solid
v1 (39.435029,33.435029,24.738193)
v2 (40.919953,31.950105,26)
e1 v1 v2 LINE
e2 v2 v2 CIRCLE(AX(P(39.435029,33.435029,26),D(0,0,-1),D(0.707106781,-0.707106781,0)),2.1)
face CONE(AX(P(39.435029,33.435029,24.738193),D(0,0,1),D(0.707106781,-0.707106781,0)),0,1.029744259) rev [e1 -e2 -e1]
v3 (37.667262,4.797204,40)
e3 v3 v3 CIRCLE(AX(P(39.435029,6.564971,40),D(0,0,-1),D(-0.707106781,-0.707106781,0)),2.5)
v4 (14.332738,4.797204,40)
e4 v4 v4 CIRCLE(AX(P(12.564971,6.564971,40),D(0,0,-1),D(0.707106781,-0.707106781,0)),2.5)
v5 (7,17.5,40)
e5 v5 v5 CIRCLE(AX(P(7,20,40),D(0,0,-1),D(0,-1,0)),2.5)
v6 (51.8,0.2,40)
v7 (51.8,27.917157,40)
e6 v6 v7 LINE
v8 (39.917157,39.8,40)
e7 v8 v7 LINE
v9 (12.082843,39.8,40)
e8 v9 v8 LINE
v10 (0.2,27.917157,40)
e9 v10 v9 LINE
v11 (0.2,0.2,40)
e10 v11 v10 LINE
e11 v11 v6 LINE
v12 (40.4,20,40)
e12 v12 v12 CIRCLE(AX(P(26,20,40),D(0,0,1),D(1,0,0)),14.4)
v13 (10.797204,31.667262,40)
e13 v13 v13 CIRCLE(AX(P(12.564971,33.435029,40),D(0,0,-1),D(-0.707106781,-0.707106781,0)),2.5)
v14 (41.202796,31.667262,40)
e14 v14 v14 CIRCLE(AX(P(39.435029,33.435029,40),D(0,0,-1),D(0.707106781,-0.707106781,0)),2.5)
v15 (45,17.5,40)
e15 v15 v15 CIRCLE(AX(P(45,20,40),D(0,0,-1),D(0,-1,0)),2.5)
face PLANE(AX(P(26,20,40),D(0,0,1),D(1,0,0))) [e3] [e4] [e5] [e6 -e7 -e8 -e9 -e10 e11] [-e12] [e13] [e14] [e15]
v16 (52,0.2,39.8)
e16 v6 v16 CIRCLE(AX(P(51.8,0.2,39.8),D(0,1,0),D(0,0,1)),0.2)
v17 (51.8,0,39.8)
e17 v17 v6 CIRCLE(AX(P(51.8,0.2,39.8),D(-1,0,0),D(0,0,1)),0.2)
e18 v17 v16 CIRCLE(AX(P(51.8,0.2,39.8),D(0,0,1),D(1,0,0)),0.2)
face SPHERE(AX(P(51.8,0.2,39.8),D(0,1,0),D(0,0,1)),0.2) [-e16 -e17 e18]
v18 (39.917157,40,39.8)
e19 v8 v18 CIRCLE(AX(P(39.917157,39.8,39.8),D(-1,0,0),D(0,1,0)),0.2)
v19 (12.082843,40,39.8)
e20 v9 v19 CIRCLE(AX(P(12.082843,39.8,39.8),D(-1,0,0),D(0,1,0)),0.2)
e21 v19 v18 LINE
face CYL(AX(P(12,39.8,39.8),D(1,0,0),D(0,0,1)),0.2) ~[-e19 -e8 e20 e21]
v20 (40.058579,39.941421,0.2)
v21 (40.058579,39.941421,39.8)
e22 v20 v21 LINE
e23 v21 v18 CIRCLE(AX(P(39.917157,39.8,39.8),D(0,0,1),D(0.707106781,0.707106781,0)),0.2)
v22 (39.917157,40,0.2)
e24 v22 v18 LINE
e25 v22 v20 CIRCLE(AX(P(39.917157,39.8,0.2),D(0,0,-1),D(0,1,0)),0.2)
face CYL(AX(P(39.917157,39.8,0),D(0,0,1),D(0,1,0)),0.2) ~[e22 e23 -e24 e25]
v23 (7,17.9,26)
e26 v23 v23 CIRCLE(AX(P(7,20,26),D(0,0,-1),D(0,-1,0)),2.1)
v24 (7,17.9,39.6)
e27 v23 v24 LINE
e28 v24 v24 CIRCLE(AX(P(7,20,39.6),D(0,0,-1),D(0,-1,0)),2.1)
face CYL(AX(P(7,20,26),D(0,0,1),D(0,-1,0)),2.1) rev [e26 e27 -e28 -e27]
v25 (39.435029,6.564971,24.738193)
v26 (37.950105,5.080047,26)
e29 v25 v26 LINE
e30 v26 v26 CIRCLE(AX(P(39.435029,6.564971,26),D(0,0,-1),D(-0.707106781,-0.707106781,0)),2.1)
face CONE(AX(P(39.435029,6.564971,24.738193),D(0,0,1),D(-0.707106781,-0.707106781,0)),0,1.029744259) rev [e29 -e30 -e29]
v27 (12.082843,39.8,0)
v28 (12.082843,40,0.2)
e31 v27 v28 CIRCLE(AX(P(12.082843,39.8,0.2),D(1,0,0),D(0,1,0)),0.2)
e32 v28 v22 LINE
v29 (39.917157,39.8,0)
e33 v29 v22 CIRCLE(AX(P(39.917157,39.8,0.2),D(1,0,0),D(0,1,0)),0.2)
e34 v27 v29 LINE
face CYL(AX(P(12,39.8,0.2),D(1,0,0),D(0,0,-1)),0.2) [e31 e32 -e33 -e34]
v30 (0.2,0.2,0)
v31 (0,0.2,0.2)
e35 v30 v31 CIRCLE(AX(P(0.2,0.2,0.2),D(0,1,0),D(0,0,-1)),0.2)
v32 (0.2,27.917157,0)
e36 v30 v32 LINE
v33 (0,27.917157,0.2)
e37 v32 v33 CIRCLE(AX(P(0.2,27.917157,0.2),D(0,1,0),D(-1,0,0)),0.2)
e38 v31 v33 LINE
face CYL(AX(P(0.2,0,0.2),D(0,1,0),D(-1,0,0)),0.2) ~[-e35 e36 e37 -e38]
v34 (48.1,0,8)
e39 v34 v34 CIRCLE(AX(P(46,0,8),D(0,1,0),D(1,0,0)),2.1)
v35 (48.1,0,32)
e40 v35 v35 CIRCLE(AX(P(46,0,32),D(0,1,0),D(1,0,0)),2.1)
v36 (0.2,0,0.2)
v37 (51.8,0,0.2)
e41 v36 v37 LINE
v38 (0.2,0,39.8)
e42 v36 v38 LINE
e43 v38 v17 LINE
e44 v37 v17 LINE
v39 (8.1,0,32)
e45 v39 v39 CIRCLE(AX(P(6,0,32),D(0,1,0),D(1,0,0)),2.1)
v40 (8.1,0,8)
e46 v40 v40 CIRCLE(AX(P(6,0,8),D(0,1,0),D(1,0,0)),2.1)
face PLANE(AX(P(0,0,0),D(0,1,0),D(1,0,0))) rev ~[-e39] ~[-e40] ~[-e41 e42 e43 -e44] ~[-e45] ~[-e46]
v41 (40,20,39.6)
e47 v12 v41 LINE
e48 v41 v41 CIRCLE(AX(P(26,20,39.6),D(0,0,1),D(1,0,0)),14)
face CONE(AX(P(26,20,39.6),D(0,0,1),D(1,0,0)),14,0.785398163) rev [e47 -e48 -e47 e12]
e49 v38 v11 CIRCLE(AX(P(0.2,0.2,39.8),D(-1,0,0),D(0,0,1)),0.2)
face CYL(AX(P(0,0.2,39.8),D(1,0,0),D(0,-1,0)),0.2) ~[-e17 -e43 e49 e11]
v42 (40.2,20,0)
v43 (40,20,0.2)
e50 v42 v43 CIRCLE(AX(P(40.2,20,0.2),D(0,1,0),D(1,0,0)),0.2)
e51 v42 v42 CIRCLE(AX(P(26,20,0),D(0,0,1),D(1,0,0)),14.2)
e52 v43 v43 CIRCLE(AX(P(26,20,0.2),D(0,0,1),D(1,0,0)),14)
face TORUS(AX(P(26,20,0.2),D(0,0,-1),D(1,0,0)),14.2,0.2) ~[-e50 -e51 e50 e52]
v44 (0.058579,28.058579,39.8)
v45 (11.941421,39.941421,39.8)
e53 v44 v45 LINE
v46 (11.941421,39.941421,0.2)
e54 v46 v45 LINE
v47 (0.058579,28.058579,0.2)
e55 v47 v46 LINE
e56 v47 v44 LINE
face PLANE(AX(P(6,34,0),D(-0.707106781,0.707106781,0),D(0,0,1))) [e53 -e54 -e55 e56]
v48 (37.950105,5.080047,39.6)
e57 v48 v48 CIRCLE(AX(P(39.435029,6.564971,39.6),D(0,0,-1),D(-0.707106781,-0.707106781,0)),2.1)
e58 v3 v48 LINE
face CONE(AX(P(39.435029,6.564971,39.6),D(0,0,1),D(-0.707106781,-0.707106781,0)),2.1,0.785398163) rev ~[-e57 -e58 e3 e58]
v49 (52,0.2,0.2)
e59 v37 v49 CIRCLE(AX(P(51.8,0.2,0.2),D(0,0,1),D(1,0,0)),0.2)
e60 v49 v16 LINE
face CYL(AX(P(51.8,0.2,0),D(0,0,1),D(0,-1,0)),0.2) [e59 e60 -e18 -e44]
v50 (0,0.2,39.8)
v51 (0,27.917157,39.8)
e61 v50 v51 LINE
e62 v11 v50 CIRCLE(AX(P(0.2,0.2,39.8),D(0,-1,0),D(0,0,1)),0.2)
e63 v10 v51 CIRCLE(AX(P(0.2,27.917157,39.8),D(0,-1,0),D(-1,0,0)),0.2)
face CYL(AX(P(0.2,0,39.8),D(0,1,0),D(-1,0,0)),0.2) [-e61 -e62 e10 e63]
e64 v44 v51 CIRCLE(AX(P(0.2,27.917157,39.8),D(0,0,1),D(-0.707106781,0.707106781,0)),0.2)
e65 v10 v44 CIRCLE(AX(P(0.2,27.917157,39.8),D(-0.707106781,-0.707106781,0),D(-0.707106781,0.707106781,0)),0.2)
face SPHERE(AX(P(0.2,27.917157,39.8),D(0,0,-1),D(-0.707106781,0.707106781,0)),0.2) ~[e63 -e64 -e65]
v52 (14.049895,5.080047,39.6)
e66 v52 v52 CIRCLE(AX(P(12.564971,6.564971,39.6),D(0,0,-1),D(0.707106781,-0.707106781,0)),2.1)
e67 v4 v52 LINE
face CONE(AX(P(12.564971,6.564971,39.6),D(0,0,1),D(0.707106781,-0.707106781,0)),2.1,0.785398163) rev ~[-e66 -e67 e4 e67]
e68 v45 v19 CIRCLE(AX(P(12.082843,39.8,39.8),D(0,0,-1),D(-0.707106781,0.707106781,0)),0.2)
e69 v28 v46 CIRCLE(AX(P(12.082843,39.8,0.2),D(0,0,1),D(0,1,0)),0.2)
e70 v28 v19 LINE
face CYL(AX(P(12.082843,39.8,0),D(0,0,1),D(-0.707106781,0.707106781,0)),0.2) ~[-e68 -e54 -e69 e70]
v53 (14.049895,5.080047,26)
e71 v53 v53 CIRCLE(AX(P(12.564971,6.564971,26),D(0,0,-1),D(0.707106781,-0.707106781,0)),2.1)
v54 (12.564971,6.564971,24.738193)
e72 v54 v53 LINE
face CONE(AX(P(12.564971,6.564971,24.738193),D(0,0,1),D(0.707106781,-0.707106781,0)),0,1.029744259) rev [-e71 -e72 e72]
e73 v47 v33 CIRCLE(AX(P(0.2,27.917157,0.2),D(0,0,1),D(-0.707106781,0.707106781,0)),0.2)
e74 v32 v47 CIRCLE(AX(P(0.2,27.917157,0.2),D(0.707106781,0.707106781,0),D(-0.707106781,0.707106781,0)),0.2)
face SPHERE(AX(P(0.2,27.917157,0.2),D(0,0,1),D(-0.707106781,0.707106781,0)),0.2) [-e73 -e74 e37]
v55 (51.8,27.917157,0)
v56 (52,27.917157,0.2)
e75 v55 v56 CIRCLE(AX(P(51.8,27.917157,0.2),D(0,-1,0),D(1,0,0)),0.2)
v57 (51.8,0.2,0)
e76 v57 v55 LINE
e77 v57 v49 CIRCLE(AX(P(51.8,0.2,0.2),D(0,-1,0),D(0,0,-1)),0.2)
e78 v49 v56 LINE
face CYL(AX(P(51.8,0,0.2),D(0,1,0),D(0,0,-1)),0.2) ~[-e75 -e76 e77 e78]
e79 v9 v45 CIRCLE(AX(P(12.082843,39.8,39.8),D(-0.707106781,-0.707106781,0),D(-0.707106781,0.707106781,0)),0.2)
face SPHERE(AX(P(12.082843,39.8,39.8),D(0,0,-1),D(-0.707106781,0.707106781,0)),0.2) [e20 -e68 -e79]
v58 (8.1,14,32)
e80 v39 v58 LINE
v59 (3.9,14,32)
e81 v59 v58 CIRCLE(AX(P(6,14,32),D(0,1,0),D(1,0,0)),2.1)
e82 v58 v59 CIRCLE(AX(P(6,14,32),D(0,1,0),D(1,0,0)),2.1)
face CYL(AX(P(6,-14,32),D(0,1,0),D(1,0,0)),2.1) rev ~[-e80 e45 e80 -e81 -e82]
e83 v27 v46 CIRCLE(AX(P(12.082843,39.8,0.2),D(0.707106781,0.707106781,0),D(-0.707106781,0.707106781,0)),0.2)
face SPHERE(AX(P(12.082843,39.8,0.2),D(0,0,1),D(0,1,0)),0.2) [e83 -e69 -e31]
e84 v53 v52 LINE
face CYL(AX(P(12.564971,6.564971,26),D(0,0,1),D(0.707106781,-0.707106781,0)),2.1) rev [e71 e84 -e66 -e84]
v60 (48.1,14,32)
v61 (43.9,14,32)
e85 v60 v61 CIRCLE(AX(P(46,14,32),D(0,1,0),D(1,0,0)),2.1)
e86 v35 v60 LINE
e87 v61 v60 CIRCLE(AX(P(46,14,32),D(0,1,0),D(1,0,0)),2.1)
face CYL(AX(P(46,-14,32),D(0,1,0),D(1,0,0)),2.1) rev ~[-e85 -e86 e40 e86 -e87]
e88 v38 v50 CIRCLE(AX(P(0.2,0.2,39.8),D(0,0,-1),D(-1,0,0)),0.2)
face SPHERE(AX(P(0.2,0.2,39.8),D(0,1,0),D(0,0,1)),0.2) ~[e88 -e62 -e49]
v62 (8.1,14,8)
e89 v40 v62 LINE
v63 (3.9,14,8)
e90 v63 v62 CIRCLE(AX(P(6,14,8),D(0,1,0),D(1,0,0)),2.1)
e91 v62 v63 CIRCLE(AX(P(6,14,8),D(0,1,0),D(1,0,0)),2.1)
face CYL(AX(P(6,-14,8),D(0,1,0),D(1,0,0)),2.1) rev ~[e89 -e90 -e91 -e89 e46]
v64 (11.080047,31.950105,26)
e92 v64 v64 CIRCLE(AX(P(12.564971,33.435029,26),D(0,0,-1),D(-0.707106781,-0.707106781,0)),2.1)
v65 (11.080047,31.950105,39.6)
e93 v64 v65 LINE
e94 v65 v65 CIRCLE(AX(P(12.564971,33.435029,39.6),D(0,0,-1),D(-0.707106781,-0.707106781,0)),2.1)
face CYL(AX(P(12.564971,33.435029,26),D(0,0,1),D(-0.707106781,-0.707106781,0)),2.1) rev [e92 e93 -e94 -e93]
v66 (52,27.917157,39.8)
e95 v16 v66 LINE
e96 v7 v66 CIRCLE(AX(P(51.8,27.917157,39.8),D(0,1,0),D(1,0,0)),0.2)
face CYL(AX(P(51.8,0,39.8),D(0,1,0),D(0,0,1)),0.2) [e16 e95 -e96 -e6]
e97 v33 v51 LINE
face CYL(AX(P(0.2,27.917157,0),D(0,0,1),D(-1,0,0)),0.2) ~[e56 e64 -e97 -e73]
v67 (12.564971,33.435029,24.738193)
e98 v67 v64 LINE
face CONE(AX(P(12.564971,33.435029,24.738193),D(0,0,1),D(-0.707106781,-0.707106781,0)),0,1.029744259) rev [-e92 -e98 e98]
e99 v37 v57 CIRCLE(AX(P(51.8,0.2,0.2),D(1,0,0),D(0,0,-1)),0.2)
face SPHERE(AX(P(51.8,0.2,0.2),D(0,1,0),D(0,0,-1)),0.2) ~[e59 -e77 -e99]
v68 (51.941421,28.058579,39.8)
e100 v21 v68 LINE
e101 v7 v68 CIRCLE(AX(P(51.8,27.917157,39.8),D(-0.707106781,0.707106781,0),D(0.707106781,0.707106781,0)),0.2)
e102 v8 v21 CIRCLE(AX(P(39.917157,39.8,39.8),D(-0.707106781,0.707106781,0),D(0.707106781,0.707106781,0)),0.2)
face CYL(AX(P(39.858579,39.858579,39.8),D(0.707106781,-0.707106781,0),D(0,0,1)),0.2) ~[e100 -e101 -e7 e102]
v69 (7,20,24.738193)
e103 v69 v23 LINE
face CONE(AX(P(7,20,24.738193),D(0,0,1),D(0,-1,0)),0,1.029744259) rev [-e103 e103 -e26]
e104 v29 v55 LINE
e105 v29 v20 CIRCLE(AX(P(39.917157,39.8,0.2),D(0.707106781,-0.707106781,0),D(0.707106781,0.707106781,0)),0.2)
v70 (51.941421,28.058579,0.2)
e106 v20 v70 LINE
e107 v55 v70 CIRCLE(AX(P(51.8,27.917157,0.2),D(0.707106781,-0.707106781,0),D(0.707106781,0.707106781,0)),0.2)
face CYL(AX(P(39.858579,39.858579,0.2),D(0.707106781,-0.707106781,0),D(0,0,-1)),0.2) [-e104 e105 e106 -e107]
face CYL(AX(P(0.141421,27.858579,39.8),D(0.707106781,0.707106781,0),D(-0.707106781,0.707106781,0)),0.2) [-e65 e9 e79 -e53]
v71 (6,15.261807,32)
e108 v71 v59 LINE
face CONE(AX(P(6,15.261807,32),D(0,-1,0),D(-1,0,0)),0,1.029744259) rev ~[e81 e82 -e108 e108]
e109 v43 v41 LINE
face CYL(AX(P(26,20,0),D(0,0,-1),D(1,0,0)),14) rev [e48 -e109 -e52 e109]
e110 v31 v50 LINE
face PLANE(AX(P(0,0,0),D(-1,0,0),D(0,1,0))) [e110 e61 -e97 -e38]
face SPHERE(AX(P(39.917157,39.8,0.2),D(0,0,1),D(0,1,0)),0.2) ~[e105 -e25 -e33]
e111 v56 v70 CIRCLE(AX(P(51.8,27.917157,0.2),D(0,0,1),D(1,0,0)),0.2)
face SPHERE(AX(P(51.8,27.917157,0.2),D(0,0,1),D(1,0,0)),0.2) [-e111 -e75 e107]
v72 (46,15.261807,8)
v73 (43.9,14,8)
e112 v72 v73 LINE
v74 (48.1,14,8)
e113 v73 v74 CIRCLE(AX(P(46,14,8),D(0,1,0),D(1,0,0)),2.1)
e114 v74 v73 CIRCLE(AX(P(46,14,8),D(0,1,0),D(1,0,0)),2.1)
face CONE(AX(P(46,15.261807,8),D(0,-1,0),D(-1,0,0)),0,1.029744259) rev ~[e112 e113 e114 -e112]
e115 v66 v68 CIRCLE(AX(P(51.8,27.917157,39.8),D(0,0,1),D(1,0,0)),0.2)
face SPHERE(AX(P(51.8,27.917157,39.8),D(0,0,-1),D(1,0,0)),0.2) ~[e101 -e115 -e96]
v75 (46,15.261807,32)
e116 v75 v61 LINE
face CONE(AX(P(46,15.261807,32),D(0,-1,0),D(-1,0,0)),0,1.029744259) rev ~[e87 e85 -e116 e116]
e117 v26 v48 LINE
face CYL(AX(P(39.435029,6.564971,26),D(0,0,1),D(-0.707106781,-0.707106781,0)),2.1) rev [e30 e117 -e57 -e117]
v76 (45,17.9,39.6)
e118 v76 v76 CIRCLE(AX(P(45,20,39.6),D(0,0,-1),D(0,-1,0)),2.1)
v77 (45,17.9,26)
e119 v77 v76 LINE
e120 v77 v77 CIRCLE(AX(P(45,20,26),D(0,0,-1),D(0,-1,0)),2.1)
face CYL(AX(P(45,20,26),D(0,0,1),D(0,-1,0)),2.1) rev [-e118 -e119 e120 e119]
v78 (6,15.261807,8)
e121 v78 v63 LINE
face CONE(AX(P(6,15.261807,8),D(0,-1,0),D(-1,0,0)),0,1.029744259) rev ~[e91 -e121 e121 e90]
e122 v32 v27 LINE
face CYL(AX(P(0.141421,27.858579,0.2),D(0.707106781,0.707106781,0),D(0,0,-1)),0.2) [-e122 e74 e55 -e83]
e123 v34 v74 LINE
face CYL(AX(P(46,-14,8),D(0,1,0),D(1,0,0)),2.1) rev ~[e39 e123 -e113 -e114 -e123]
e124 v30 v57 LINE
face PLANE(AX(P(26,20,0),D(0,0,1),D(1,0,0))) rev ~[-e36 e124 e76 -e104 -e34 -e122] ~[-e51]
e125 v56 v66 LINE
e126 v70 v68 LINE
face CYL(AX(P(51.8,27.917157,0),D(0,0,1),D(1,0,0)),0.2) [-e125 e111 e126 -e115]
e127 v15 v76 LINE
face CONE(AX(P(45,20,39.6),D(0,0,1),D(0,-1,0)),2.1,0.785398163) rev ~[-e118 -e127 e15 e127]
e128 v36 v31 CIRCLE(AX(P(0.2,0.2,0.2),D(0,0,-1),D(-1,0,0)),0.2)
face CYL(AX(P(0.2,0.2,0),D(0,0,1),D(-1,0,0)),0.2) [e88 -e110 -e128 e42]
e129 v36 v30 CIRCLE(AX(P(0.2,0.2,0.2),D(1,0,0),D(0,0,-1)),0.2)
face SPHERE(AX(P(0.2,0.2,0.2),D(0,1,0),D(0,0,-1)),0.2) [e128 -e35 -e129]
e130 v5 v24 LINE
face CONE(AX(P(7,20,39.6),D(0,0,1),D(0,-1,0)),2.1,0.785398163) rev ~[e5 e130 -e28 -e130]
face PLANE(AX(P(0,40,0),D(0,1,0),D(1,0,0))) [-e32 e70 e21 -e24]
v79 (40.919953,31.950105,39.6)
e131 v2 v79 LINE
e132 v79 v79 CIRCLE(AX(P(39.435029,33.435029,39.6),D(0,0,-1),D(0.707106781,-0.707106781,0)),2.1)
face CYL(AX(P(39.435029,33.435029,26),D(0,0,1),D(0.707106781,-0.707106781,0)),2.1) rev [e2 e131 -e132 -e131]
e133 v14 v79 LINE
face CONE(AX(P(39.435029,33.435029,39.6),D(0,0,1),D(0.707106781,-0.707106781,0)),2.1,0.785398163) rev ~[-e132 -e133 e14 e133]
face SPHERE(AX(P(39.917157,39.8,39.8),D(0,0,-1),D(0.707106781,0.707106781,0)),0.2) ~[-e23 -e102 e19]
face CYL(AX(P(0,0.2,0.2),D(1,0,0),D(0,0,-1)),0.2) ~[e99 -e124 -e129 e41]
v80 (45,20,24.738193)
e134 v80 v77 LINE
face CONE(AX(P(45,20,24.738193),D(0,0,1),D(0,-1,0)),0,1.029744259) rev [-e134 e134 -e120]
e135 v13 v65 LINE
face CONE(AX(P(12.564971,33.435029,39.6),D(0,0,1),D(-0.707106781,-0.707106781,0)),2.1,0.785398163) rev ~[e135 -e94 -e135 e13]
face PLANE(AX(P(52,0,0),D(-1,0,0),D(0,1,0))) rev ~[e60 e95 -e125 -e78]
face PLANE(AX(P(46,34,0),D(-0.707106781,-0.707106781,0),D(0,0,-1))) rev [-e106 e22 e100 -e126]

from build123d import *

# Parameters (mm, degrees)
ESQUISSE1_W                  = 52
ESQUISSE1_H                  = 40
ESQUISSE1_R                  = 14
BOSS_EXTRU_1_DEPTH           = 40
CHANFREIN1_SIZE              = 12
TROU_TARAUD_M51_AT_2_COUNT   = 2
TROU_TARAUD_M51_AT_2_PITCH   = 38
R_P_TITION_CIRCULAIRE1_COUNT = 2
R_P_TITION_CIRCULAIRE1_ANGLE = 45
R_P_TITION_CIRCULAIRE2_COUNT = 2
R_P_TITION_CIRCULAIRE2_ANGLE = 315
TROU_TARAUD_M52_D            = 4.2
TROU_TARAUD_M52_DEPTH        = 14
TROU_TARAUD_M52_TIP          = 1.2618073
CONG_1_R                     = 0.2
CHANFREIN2_SIZE              = 0.4


with BuildPart() as part:
    # Esquisse1 → Boss.-Extru.1 (new body)
    with BuildSketch(Plane.XY):
        with Locations((26, 20)):
            Rectangle(ESQUISSE1_W, ESQUISSE1_H)
        with Locations((26, 20)):
            Circle(ESQUISSE1_R, mode=Mode.SUBTRACT)
    extrude(amount=BOSS_EXTRU_1_DEPTH)

    # Chanfrein1
    chanfrein1_edges = [part.edges().sort_by_distance(p)[0] for p in [
        (0, 40, 20),
        (52, 40, 20),
    ]]
    chamfer(chanfrein1_edges, length=CHANFREIN1_SIZE)

    # Esquisse2 → Trou taraudé M51 (revolve, cut)
    with BuildSketch(Plane(origin=(7, 20, 40), x_dir=(0, -1, 0), z_dir=(1, 0, 0))):
        Polygon((0, 0), (0, 15.2618073), (2.1, 14), (2.1, 0), align=None)
    trou_taraud_m51 = revolve(axis=Axis((7, 20, 46.35), (0, 0, -1)), mode=Mode.SUBTRACT)

    # Trou taraudé M51 at 2: Trou taraudé M51 ×2
    with Locations(*[(i * TROU_TARAUD_M51_AT_2_PITCH, 0, 0) for i in range(1, TROU_TARAUD_M51_AT_2_COUNT)]):
        add(trou_taraud_m51, mode=Mode.SUBTRACT)

    # Répétition circulaire1: Trou taraudé M51 ×2 about axis
    r_p_tition_circulaire1_axis = Axis((26, 20, 0), (0, 0, 1))
    for i in range(1, R_P_TITION_CIRCULAIRE1_COUNT):
        add(trou_taraud_m51.rotate(r_p_tition_circulaire1_axis, i * R_P_TITION_CIRCULAIRE1_ANGLE / (R_P_TITION_CIRCULAIRE1_COUNT - 1)), mode=Mode.SUBTRACT)

    # Répétition circulaire1 copy 1 sketch → Répétition circulaire1 copy 1 (revolve, cut)
    with BuildSketch(Plane(origin=(39.435028843, 33.435028843, 40), x_dir=(0.707106781, -0.707106781, 0), z_dir=(0.707106781, 0.707106781, 0))):
        Polygon((0, 0), (0, 15.2618073), (2.1, 14), (2.1, 0), align=None)
    revolve(axis=Axis((39.435028843, 33.435028843, 46.35), (0, 0, -1)), mode=Mode.SUBTRACT)

    # Répétition circulaire2: Trou taraudé M51 ×2 about axis
    r_p_tition_circulaire2_axis = Axis((26, 20, 0), (0, 0, 1))
    for i in range(1, R_P_TITION_CIRCULAIRE2_COUNT):
        add(trou_taraud_m51.rotate(r_p_tition_circulaire2_axis, i * R_P_TITION_CIRCULAIRE2_ANGLE / (R_P_TITION_CIRCULAIRE2_COUNT - 1)), mode=Mode.SUBTRACT)

    # Répétition circulaire2 copy 1 sketch → Répétition circulaire2 copy 1 (revolve, cut)
    with BuildSketch(Plane(origin=(39.435028843, 6.564971157, 40), x_dir=(-0.707106781, -0.707106781, 0), z_dir=(0.707106781, -0.707106781, 0))):
        Polygon((0, 0), (0, 15.2618073), (2.1, 14), (2.1, 0), align=None)
    revolve(axis=Axis((39.435028843, 6.564971157, 46.35), (0, 0, -1)), mode=Mode.SUBTRACT)

    # Trou taraudé M52
    with Locations(Plane(origin=(0, 0, 0), x_dir=(-1, 0, 0), z_dir=(0, -1, 0))):
        with Locations((-46, -32), (-46, -8), (-6, -32), (-6, -8)):
            Hole(TROU_TARAUD_M52_D / 2, depth=TROU_TARAUD_M52_DEPTH)
            with Locations((0, 0, -(TROU_TARAUD_M52_DEPTH + TROU_TARAUD_M52_TIP / 2))):  # 118° drill point
                Cone(0, TROU_TARAUD_M52_D / 2, TROU_TARAUD_M52_TIP, mode=Mode.SUBTRACT)

    # Congé1
    cong_1_edges = [part.edges().sort_by_distance(p)[0] for p in [
        (52, 14, 40),
        (12, 20, 0),
        (0, 14, 0),
        (0, 14, 40),
        (0, 28, 20),
        (26, 40, 0),
        (46, 34, 0),
        (6, 34, 0),
        (26, 40, 40),
        (40, 40, 20),
        (12, 40, 20),
        (46, 34, 40),
        (6, 34, 40),
        (52, 28, 20),
        (52, 14, 0),
        (26, 0, 0),
        (26, 0, 40),
        (52, 0, 20),
        (0, 0, 20),
    ]]
    fillet(cong_1_edges, radius=CONG_1_R)

    # Chanfrein2
    chanfrein2_edges = [part.edges().sort_by_distance(p)[0] for p in [
        (12, 20, 40),
        (45, 22.1, 40),
        (7, 22.1, 40),
        (37.950104602, 34.919953083, 40),
        (11.080046917, 8.049895398, 40),
        (40.919953083, 8.049895398, 40),
        (14.049895398, 34.919953083, 40),
    ]]
    chamfer(chanfrein2_edges, length=CHANFREIN2_SIZE)


solid = part.part
